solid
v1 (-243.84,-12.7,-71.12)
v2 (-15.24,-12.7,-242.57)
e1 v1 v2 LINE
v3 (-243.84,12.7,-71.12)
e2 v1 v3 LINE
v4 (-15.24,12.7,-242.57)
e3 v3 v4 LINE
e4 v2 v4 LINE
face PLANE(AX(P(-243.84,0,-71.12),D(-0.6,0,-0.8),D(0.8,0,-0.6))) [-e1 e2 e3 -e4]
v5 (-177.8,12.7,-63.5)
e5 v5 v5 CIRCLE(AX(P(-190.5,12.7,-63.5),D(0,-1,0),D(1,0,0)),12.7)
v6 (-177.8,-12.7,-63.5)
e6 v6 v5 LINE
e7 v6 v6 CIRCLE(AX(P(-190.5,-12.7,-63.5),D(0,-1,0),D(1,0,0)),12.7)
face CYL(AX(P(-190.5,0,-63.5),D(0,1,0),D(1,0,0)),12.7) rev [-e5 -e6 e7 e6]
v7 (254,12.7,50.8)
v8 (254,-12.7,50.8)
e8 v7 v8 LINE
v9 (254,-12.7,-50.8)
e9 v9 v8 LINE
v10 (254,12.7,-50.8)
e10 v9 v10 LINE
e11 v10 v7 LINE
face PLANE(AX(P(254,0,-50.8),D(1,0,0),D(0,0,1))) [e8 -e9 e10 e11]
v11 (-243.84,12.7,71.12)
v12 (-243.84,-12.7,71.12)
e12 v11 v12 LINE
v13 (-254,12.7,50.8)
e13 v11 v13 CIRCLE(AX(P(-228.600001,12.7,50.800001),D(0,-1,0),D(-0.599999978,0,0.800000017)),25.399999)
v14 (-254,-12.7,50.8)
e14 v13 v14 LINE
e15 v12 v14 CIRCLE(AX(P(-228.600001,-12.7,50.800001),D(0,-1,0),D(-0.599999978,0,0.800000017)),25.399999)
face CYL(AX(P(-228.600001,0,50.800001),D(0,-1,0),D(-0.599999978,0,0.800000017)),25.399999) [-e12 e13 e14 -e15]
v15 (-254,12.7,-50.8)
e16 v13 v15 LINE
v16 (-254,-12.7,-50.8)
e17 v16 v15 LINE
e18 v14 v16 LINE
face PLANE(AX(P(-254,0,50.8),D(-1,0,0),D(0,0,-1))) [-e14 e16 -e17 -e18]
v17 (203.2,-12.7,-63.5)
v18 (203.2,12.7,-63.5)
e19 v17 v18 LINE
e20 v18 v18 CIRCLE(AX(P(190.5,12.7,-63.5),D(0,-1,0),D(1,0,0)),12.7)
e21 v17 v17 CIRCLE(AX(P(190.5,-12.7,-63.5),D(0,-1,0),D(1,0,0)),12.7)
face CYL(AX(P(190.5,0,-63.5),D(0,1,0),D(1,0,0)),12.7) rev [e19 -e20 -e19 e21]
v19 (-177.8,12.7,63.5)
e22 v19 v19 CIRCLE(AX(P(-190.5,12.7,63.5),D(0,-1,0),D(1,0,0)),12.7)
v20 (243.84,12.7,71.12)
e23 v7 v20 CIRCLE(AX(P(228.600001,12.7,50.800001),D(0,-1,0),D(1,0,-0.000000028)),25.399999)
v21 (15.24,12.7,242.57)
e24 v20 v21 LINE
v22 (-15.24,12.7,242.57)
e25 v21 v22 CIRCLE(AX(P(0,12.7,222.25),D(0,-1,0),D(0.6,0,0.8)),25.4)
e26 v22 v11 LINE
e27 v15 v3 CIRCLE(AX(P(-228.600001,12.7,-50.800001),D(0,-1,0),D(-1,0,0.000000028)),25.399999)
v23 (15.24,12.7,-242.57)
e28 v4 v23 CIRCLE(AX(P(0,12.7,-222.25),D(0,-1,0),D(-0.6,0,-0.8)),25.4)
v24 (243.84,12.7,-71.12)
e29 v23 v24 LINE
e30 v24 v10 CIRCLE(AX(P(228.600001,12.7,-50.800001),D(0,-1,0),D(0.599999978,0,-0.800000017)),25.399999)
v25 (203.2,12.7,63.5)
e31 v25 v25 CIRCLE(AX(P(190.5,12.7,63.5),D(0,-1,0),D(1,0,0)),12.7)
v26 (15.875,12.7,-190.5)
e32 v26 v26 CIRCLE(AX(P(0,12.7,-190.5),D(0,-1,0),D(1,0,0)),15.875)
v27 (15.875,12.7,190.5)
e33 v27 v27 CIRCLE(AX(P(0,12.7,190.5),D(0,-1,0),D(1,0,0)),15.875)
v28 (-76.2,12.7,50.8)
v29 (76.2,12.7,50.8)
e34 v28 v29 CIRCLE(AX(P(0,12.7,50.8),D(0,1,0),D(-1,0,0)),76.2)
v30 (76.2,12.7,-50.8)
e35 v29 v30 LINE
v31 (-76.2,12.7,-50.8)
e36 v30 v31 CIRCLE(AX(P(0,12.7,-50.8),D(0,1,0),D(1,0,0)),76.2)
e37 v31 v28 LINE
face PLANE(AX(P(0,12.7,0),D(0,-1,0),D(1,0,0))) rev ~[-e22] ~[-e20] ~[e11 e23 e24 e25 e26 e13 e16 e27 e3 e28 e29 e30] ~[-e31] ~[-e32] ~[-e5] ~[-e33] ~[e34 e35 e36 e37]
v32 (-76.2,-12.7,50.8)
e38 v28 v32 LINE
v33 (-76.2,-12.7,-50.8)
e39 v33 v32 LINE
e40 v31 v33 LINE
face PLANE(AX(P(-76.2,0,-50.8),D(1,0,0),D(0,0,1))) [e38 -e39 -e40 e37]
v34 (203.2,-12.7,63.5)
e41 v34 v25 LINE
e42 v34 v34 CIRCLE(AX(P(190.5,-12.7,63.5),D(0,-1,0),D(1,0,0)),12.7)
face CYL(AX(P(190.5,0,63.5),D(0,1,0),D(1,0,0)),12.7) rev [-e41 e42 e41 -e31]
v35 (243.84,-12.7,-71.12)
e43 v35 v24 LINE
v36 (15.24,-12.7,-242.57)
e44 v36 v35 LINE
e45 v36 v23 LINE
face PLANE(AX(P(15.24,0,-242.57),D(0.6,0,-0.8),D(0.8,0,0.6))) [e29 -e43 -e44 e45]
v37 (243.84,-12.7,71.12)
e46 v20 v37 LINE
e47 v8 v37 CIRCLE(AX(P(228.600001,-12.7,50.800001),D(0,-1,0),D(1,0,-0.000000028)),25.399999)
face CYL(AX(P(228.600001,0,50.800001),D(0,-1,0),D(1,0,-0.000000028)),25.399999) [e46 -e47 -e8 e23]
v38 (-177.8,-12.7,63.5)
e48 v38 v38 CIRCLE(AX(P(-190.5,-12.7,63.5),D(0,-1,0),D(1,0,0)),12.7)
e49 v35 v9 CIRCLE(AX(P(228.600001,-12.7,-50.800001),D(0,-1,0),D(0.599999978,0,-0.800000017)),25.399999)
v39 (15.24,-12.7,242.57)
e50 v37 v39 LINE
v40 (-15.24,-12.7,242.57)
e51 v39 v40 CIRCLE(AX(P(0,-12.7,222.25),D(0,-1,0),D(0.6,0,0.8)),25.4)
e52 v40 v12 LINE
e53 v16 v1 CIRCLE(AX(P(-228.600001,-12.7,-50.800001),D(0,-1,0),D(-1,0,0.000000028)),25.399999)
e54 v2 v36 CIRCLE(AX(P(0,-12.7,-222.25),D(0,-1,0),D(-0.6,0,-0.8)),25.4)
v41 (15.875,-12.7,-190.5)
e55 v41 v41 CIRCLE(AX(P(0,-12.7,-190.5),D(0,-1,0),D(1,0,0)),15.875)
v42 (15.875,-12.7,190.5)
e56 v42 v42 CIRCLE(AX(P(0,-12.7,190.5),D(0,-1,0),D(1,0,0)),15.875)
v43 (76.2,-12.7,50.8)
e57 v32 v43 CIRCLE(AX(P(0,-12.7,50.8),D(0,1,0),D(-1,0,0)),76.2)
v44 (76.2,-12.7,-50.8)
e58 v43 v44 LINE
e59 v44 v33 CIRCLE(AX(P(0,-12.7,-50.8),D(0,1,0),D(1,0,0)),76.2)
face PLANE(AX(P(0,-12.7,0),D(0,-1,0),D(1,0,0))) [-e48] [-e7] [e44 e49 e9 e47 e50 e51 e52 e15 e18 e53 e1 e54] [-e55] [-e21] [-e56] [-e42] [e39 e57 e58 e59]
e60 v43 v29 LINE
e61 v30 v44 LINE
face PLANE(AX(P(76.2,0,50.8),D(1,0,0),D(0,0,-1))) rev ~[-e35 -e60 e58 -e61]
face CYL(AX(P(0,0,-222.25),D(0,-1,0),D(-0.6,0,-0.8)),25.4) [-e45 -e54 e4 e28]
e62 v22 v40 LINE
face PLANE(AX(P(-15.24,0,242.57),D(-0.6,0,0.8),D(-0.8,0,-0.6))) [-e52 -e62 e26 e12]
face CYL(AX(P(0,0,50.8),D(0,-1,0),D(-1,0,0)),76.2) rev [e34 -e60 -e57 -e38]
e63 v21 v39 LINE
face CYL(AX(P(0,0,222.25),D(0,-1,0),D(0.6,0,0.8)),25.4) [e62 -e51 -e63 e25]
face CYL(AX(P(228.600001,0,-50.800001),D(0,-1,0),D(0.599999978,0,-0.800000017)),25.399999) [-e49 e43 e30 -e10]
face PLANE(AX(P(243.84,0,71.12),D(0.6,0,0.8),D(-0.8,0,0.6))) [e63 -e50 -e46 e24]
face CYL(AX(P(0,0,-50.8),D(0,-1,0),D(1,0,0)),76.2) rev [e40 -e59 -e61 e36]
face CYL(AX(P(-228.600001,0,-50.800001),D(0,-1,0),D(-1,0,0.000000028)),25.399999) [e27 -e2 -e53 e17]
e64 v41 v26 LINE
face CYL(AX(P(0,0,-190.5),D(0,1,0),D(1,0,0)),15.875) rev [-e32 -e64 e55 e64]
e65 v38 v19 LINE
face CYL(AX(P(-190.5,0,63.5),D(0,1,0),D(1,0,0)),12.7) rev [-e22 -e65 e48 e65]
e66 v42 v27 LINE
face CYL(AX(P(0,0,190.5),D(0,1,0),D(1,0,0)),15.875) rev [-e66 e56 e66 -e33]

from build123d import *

# Parameters (mm, degrees)
F0_R     = 12.7
F0_R_2   = 15.875
F1_DEPTH = 12.7


with BuildPart() as f1:
    # F0 (on Front) → F1 (new body, symmetric)
    with BuildSketch(Plane.XZ):
        with BuildLine():
            Line((254, -50.8), (254, 50.8))
            ThreePointArc((254, 50.8), (251.318451, 62.159225), (243.84, 71.12))
            Line((243.84, 71.12), (15.24, 242.57))
            ThreePointArc((15.24, 242.57), (0, 247.65), (-15.24, 242.57))
            Line((-15.24, 242.57), (-243.84, 71.12))
            ThreePointArc((-243.84, 71.12), (-251.318451, 62.159225), (-254, 50.8))
            Line((-254, 50.8), (-254, -50.8))
            ThreePointArc((-254, -50.8), (-251.318451, -62.159225), (-243.84, -71.12))
            Line((-243.84, -71.12), (-15.24, -242.57))
            ThreePointArc((-15.24, -242.57), (0, -247.65), (15.24, -242.57))
            Line((15.24, -242.57), (243.84, -71.12))
            ThreePointArc((243.84, -71.12), (251.318451, -62.159225), (254, -50.8))
        make_face()
        with Locations((-190.5, -63.5)):
            Circle(F0_R, mode=Mode.SUBTRACT)
        with Locations((0, -190.5)):
            Circle(F0_R_2, mode=Mode.SUBTRACT)
        with Locations((190.5, -63.5)):
            Circle(F0_R, mode=Mode.SUBTRACT)
        with Locations((-190.5, 63.5)):
            Circle(F0_R, mode=Mode.SUBTRACT)
        with BuildLine():
            ThreePointArc((-76.2, 50.8), (0, 127), (76.2, 50.8))
            Line((76.2, 50.8), (76.2, -50.8))
            ThreePointArc((76.2, -50.8), (0, -127), (-76.2, -50.8))
            Line((-76.2, -50.8), (-76.2, 50.8))
        make_face(mode=Mode.SUBTRACT)
        with Locations((190.5, 63.5)):
            Circle(F0_R, mode=Mode.SUBTRACT)
        with Locations((0, 190.5)):
            Circle(F0_R_2, mode=Mode.SUBTRACT)
    extrude(amount=F1_DEPTH, both=True)


solid = f1.part
